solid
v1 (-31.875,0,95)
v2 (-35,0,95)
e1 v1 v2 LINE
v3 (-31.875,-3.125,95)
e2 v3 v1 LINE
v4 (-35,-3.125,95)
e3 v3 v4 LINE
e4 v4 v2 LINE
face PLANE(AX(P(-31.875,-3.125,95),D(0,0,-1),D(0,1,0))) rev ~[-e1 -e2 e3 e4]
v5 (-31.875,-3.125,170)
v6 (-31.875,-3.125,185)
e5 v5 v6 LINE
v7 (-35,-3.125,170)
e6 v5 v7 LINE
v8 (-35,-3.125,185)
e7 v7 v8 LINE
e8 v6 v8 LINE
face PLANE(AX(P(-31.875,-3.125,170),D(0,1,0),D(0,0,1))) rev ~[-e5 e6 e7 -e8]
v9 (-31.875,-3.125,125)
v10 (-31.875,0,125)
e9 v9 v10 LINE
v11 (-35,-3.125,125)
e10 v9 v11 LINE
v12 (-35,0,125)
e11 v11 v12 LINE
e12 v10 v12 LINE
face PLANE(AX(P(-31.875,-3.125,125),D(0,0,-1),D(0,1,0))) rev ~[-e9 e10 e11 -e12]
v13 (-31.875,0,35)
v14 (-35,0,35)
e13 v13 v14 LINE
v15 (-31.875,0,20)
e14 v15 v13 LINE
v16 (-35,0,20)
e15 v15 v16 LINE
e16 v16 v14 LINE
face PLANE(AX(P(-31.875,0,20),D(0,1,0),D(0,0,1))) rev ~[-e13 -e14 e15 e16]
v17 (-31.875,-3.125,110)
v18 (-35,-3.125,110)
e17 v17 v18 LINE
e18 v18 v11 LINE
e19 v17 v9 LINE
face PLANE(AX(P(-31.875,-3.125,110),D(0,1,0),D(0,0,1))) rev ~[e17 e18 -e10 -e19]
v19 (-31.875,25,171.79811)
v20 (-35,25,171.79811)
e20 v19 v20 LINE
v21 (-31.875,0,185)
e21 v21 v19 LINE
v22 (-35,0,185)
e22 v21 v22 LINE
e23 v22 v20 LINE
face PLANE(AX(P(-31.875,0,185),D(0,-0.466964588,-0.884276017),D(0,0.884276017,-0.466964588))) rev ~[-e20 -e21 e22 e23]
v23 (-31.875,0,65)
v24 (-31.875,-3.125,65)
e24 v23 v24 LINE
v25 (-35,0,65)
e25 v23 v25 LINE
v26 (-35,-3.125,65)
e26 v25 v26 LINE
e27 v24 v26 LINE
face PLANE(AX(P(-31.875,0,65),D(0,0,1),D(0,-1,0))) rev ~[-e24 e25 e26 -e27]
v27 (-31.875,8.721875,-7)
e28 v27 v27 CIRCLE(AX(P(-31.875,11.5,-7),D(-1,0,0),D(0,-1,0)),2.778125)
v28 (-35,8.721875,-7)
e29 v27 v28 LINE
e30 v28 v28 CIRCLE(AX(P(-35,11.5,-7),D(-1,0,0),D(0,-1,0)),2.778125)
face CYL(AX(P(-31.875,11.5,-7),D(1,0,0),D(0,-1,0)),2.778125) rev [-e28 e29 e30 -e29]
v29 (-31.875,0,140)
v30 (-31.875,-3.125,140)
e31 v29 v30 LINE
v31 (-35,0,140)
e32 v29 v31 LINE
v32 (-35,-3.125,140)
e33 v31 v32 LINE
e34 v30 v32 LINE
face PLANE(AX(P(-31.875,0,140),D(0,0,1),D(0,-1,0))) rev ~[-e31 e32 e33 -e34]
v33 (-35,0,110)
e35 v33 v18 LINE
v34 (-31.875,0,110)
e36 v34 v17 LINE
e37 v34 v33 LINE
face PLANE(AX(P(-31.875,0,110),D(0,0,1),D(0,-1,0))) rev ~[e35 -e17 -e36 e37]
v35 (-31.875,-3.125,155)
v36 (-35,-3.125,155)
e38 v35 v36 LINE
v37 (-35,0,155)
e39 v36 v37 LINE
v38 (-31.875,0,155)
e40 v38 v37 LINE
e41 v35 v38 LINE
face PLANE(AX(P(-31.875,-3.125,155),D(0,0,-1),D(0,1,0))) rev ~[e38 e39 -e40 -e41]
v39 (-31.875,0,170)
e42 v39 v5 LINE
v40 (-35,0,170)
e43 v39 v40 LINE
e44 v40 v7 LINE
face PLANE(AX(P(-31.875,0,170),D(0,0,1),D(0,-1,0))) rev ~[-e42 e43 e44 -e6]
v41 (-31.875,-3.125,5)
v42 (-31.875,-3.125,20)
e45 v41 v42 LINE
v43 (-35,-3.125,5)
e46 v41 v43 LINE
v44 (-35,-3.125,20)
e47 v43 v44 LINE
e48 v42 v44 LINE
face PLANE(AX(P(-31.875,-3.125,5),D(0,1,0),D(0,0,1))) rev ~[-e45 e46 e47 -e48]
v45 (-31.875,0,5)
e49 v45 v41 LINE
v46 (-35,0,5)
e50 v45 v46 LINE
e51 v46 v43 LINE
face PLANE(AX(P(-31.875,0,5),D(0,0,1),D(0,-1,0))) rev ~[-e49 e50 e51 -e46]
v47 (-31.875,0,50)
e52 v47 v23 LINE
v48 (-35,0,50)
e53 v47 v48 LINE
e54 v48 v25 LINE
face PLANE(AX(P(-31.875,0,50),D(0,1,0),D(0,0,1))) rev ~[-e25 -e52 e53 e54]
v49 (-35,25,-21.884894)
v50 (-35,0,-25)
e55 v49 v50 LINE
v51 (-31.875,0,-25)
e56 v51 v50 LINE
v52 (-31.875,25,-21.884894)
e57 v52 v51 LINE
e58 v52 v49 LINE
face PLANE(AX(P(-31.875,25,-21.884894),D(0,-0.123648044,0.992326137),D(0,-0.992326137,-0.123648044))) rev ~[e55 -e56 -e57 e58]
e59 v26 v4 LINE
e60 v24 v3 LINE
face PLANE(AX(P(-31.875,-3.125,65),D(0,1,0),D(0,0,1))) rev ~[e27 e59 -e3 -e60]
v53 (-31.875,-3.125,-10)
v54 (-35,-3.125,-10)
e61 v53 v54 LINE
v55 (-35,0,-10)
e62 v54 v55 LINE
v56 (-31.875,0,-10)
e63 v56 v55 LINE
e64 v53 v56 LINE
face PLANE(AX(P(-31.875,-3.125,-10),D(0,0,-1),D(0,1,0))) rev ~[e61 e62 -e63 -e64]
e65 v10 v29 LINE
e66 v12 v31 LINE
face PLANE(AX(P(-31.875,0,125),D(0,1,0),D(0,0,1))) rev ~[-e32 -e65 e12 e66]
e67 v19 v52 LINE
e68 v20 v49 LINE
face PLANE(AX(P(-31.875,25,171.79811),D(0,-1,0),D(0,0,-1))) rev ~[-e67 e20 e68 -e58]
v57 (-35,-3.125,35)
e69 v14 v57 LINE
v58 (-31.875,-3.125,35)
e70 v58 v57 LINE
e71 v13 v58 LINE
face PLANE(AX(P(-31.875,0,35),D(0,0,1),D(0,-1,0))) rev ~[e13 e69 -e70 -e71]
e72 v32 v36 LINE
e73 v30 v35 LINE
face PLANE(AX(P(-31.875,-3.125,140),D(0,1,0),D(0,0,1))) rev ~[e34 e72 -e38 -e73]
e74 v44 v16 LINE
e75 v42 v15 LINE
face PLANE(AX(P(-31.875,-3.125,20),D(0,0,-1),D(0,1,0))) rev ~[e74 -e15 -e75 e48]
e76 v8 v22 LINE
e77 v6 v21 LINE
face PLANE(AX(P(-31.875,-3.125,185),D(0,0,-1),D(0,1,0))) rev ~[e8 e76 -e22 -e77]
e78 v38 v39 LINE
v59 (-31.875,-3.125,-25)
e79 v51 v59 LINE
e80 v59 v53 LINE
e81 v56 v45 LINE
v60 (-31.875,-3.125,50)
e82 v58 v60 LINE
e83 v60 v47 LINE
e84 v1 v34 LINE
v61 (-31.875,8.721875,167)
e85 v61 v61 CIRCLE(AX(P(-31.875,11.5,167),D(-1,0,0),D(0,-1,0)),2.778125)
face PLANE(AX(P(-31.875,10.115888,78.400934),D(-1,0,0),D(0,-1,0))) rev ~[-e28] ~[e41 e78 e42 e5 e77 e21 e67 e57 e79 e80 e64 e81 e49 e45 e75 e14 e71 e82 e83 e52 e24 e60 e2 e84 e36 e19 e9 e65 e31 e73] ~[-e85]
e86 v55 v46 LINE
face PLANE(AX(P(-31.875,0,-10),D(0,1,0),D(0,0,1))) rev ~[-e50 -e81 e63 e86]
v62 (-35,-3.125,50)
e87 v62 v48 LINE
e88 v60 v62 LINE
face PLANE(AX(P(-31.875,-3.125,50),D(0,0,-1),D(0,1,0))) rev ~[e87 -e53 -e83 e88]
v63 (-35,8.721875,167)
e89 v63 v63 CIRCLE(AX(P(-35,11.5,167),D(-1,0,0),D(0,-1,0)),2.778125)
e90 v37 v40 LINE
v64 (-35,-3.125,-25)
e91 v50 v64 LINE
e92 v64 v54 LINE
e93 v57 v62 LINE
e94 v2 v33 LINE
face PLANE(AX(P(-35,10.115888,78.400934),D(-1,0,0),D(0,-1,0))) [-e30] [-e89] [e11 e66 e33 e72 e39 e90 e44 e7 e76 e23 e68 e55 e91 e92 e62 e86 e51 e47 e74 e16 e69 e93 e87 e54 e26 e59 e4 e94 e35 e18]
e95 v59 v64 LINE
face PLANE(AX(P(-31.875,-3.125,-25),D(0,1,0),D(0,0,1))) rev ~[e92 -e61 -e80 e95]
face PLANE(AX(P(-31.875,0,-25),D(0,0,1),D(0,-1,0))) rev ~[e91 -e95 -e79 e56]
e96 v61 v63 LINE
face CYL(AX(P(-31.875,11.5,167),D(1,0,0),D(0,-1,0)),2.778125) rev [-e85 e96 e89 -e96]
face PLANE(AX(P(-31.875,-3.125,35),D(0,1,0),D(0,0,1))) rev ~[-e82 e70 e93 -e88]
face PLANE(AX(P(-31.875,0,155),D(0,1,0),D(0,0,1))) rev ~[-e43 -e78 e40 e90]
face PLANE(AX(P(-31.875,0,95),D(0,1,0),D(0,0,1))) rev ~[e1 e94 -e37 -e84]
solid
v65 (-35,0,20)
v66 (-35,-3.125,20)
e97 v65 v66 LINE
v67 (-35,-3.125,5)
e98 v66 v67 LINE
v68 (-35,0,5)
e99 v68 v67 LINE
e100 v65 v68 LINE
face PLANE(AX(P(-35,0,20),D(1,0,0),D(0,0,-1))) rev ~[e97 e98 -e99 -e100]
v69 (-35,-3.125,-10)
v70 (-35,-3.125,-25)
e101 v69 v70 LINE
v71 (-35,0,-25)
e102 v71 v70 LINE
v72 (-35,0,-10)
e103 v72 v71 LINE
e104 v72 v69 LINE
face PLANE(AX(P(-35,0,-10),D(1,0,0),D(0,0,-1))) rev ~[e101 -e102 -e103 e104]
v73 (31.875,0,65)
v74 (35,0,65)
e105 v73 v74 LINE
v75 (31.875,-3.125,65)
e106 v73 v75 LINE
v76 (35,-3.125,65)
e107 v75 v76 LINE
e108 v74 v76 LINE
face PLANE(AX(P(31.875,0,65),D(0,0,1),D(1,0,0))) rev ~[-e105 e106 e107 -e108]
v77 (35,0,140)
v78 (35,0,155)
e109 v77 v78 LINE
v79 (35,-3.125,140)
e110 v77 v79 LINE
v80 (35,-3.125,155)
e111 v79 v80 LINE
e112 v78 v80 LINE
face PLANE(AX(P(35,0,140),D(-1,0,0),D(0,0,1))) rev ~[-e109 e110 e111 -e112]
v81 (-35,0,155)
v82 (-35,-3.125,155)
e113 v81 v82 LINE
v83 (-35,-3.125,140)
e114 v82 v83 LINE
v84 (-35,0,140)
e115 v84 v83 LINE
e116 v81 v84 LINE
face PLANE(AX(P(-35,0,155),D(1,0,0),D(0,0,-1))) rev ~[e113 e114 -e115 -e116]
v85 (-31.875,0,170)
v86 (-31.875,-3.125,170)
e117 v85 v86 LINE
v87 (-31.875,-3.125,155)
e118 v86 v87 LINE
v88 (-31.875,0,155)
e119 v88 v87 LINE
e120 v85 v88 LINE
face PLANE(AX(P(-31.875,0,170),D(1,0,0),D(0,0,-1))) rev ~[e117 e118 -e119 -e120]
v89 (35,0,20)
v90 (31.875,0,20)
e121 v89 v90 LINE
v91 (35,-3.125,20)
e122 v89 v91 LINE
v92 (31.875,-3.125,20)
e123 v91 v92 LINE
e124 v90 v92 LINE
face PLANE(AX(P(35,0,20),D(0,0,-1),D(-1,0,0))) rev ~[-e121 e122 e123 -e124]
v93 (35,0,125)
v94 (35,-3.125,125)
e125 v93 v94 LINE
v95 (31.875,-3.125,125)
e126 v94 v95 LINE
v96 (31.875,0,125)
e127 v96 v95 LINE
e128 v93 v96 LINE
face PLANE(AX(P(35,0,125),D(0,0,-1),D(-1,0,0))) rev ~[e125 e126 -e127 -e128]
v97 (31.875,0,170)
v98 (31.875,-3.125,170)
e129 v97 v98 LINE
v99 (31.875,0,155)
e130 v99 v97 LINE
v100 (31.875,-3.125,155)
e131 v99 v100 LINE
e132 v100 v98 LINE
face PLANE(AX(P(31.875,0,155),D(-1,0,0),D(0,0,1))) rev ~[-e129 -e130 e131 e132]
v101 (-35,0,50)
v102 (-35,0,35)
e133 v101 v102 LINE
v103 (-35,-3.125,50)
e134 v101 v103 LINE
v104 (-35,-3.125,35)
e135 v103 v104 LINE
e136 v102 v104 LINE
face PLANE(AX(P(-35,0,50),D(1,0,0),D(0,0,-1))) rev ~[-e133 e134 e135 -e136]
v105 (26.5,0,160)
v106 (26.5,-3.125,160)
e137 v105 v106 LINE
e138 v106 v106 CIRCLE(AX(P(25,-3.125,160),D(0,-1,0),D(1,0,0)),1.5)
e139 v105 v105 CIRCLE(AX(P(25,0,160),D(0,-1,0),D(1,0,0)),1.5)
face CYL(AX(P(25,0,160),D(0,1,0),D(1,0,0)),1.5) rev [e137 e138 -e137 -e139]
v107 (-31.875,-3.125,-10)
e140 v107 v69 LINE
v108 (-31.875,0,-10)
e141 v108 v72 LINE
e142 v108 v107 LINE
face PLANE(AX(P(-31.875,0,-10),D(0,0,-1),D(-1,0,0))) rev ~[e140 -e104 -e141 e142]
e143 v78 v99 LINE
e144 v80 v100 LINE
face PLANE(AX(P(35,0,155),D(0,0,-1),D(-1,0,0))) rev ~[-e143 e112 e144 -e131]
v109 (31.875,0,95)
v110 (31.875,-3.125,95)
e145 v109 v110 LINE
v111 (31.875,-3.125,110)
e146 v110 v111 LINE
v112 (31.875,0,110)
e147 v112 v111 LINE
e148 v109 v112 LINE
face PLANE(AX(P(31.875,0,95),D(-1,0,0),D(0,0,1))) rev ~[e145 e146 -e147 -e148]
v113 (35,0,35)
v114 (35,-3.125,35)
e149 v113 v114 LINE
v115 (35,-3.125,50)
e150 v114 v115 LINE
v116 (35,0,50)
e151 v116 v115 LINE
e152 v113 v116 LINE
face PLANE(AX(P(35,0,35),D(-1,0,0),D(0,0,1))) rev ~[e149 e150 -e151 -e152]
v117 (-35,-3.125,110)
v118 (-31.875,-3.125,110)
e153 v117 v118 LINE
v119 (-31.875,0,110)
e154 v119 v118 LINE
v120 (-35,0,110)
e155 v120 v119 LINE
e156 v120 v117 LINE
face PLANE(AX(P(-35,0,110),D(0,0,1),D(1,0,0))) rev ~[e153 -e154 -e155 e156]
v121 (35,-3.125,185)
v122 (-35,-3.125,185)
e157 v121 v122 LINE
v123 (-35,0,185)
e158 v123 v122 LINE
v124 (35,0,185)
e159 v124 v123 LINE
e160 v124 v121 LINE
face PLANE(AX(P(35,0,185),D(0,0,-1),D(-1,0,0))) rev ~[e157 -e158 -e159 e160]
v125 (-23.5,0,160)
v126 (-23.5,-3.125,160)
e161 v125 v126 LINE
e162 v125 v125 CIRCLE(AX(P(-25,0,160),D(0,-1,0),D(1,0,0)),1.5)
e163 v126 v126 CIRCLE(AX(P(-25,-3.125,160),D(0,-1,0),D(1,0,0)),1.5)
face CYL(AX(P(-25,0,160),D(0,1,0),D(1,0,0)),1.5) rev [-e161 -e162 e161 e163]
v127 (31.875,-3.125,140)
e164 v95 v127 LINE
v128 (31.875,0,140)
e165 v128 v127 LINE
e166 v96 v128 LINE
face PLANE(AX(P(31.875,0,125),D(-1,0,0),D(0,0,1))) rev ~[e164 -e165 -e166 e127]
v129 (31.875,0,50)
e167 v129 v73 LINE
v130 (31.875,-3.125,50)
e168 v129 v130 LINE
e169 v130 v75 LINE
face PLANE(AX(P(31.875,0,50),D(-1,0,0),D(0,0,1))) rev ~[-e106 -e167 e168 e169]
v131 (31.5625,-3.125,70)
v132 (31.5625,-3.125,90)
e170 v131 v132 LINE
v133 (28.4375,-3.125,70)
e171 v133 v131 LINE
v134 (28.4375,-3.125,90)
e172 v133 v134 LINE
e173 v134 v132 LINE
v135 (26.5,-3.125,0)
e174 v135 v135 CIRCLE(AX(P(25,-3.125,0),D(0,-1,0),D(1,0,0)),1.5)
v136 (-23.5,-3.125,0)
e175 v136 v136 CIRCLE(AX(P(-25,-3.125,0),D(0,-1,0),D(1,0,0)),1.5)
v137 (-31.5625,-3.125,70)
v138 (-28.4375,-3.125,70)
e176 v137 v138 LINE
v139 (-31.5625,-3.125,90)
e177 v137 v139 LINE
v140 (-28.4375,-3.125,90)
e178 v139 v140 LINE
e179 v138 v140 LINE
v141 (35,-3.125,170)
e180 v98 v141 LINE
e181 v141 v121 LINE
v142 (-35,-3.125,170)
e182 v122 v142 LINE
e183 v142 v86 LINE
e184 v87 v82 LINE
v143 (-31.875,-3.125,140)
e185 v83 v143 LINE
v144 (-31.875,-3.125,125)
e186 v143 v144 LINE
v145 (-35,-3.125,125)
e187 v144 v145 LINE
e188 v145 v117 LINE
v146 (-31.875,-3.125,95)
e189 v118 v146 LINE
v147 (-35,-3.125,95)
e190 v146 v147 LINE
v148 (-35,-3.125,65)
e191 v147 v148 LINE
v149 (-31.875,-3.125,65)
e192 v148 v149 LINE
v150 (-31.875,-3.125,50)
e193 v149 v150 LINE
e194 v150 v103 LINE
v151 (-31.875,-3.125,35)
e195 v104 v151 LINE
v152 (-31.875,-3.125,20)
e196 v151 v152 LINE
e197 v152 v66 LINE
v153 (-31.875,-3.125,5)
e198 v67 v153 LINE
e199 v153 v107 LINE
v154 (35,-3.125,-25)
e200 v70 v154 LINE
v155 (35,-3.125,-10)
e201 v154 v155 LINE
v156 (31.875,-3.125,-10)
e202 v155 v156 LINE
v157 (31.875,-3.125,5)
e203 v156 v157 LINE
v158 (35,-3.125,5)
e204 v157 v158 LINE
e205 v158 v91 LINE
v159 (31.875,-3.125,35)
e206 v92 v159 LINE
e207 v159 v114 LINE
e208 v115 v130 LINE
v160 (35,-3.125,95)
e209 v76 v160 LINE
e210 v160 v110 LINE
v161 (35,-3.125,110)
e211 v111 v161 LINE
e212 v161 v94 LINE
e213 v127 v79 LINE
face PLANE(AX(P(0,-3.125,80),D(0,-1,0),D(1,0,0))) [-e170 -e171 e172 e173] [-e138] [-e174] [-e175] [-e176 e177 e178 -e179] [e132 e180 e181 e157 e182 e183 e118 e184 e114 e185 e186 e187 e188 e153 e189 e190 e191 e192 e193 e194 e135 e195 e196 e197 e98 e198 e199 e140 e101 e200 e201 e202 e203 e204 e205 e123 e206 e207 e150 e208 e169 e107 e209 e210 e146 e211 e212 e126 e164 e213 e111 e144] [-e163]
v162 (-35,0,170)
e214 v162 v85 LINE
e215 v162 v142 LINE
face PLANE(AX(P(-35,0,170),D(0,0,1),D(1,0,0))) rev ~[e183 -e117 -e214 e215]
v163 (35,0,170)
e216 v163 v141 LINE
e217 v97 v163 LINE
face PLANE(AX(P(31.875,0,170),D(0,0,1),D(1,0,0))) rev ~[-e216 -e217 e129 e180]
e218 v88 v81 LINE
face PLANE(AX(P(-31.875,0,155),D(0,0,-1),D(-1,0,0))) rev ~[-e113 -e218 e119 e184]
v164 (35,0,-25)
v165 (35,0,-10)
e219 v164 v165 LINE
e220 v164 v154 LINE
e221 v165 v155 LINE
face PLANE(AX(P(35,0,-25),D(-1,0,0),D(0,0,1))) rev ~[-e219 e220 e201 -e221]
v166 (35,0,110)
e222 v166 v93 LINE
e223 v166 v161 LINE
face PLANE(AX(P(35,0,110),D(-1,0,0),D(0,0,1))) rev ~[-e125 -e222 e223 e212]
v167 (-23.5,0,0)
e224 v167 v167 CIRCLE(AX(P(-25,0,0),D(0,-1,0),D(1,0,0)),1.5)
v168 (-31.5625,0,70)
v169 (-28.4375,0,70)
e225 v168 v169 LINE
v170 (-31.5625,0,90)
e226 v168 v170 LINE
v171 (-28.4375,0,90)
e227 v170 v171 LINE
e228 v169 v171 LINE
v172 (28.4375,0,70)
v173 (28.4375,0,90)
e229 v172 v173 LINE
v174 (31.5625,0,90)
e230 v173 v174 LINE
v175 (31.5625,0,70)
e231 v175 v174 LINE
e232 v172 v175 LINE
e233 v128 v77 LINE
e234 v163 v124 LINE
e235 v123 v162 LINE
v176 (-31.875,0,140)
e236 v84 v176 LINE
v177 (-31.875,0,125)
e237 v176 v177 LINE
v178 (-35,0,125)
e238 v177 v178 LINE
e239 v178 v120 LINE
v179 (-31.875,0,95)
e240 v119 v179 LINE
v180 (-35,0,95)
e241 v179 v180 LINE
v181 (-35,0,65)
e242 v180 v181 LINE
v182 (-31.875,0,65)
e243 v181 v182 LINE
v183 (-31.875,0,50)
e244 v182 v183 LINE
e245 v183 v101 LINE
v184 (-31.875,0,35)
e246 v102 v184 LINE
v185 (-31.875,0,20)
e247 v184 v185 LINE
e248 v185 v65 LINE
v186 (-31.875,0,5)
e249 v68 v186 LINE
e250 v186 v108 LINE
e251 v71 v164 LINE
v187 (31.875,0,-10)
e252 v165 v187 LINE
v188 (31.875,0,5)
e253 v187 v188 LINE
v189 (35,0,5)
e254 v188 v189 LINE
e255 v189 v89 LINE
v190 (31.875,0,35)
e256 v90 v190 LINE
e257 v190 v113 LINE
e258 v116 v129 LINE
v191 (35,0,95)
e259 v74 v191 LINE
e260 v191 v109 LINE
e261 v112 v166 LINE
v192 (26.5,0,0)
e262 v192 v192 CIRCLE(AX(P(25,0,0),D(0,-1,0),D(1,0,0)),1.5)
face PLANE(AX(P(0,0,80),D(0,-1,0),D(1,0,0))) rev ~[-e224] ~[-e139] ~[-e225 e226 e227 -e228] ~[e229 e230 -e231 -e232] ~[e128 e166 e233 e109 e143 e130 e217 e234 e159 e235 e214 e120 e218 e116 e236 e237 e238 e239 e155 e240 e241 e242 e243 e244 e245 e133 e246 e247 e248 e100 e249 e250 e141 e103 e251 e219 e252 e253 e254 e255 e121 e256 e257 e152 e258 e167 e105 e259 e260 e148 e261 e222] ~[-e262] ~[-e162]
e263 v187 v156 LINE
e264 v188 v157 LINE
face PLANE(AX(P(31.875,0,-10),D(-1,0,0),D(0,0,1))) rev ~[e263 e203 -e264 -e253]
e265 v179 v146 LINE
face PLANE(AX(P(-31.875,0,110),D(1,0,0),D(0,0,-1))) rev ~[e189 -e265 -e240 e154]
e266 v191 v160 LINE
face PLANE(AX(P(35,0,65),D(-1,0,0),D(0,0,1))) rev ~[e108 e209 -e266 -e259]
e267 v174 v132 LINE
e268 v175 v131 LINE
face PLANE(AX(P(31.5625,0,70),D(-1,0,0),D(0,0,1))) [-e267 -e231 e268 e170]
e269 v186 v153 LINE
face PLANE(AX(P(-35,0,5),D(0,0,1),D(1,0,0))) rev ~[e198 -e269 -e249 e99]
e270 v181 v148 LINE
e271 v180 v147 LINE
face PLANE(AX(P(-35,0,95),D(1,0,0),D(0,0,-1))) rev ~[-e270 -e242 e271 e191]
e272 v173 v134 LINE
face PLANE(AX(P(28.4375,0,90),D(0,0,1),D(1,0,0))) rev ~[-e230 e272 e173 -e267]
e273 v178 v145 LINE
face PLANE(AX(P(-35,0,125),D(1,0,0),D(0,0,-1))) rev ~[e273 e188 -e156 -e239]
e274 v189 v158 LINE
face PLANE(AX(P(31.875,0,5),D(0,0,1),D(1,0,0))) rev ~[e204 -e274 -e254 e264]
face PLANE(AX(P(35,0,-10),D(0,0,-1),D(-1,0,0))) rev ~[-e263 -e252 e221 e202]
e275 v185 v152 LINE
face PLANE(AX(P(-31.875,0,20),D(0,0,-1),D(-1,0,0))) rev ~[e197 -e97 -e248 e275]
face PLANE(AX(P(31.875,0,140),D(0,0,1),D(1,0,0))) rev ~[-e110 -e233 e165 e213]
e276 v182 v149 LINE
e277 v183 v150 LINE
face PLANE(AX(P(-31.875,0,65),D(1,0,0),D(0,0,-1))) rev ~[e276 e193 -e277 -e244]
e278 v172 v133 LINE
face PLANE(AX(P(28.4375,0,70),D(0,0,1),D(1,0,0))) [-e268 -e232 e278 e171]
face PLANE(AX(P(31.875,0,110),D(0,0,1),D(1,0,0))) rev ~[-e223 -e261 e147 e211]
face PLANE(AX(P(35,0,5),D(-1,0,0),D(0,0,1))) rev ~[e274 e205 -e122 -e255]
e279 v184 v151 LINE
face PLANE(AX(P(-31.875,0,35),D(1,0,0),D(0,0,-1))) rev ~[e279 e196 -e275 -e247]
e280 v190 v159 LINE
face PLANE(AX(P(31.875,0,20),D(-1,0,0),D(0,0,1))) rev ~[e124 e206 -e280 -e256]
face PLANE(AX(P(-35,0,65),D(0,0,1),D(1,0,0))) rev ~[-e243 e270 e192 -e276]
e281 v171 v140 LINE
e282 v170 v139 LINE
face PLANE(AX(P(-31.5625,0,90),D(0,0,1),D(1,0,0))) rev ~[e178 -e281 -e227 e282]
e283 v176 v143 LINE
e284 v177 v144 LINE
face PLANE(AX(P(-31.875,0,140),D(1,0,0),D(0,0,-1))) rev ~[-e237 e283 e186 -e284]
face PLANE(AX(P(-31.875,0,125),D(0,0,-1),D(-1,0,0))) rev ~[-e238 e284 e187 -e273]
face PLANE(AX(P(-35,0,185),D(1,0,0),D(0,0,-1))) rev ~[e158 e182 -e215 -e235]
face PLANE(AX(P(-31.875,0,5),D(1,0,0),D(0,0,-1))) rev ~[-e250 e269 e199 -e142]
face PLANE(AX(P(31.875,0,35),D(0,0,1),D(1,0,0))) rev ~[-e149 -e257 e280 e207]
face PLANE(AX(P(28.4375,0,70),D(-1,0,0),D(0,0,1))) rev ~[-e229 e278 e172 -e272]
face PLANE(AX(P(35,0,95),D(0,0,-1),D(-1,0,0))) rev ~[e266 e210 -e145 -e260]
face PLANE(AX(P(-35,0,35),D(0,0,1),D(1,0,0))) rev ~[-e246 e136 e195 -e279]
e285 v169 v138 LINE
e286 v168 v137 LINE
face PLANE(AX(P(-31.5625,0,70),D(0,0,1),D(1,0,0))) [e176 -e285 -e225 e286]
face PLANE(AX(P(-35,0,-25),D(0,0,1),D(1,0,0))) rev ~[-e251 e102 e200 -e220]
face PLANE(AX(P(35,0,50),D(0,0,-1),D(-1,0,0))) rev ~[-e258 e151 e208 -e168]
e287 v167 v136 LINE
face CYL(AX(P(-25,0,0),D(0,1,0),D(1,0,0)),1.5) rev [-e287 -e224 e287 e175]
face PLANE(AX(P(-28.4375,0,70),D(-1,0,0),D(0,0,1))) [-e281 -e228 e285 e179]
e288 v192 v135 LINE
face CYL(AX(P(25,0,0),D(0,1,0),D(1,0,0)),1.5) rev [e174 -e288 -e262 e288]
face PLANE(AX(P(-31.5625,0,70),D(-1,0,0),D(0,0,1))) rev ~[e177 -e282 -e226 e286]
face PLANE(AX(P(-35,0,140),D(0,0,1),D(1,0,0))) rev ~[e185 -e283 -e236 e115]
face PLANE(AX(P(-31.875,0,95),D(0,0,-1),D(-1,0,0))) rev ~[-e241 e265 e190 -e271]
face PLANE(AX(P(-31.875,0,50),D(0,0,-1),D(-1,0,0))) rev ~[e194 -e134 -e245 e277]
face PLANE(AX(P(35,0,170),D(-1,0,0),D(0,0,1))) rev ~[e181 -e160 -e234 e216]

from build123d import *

# Parameters (mm, degrees)
F1_R     = 1.5
F1_W     = 3.125
F1_H     = 20
F2_DEPTH = 3.125
F3_R     = 2.778125
F4_DEPTH = 3.125


with BuildPart() as f2:
    # F1 (on Front) → F2 (new body)
    with BuildSketch(Plane.XZ):
        Polygon((-35, -25), (0, -25), (35, -25), (35, -10), (31.875, -10), (31.875, 5), (35, 5), (35, 20), (31.875, 20), (31.875, 35), (35, 35), (35, 50), (31.875, 50), (31.875, 65), (35, 65), (35, 80), (35, 95), (31.875, 95), (31.875, 110), (35, 110), (35, 125), (31.875, 125), (31.875, 140), (35, 140), (35, 155), (31.875, 155), (31.875, 170), (35, 170), (35, 185), (0, 185), (-35, 185), (-35, 170), (-31.875, 170), (-31.875, 155), (-35, 155), (-35, 140), (-31.875, 140), (-31.875, 125), (-35, 125), (-35, 110), (-31.875, 110), (-31.875, 95), (-35, 95), (-35, 80), (-35, 65), (-31.875, 65), (-31.875, 50), (-35, 50), (-35, 35), (-31.875, 35), (-31.875, 20), (-35, 20), (-35, 5), (-31.875, 5), (-31.875, -10), (-35, -10), align=None)
        with Locations((-25, 0)):
            Circle(F1_R, mode=Mode.SUBTRACT)
        with Locations((25, 0)):
            Circle(F1_R, mode=Mode.SUBTRACT)
        with Locations((-30, 80)):
            Rectangle(F1_W, F1_H, mode=Mode.SUBTRACT)
        with Locations((-25, 160)):
            Circle(F1_R, mode=Mode.SUBTRACT)
        with Locations((30, 80)):
            Rectangle(F1_W, F1_H, mode=Mode.SUBTRACT)
        with Locations((25, 160)):
            Circle(F1_R, mode=Mode.SUBTRACT)
    extrude(amount=F2_DEPTH)


with BuildPart() as f4:
    # F3 (on face) → F4 (new body)
    with BuildSketch(Plane(origin=(-31.875, 0, 0), x_dir=(0, -1, 0), z_dir=(-1, 0, 0))):
        Polygon((-25, -21.8848939985), (0, -25), (3.125, -25), (3.125, -10), (0, -10), (0, 5), (3.125, 5), (3.125, 20), (0, 20), (0, 35), (3.125, 35), (3.125, 50), (0, 50), (0, 65), (3.125, 65), (3.125, 95), (0, 95), (0, 110), (3.125, 110), (3.125, 125), (0, 125), (0, 140), (3.125, 140), (3.125, 155), (0, 155), (0, 170), (3.125, 170), (3.125, 185), (0, 185), (-25, 171.7981100082), align=None)
        with Locations((-11.5, -7)):
            Circle(F3_R, mode=Mode.SUBTRACT)
        with Locations((-11.5, 167)):
            Circle(F3_R, mode=Mode.SUBTRACT)
    extrude(amount=F4_DEPTH)


solid = Compound([f2.part, f4.part])
